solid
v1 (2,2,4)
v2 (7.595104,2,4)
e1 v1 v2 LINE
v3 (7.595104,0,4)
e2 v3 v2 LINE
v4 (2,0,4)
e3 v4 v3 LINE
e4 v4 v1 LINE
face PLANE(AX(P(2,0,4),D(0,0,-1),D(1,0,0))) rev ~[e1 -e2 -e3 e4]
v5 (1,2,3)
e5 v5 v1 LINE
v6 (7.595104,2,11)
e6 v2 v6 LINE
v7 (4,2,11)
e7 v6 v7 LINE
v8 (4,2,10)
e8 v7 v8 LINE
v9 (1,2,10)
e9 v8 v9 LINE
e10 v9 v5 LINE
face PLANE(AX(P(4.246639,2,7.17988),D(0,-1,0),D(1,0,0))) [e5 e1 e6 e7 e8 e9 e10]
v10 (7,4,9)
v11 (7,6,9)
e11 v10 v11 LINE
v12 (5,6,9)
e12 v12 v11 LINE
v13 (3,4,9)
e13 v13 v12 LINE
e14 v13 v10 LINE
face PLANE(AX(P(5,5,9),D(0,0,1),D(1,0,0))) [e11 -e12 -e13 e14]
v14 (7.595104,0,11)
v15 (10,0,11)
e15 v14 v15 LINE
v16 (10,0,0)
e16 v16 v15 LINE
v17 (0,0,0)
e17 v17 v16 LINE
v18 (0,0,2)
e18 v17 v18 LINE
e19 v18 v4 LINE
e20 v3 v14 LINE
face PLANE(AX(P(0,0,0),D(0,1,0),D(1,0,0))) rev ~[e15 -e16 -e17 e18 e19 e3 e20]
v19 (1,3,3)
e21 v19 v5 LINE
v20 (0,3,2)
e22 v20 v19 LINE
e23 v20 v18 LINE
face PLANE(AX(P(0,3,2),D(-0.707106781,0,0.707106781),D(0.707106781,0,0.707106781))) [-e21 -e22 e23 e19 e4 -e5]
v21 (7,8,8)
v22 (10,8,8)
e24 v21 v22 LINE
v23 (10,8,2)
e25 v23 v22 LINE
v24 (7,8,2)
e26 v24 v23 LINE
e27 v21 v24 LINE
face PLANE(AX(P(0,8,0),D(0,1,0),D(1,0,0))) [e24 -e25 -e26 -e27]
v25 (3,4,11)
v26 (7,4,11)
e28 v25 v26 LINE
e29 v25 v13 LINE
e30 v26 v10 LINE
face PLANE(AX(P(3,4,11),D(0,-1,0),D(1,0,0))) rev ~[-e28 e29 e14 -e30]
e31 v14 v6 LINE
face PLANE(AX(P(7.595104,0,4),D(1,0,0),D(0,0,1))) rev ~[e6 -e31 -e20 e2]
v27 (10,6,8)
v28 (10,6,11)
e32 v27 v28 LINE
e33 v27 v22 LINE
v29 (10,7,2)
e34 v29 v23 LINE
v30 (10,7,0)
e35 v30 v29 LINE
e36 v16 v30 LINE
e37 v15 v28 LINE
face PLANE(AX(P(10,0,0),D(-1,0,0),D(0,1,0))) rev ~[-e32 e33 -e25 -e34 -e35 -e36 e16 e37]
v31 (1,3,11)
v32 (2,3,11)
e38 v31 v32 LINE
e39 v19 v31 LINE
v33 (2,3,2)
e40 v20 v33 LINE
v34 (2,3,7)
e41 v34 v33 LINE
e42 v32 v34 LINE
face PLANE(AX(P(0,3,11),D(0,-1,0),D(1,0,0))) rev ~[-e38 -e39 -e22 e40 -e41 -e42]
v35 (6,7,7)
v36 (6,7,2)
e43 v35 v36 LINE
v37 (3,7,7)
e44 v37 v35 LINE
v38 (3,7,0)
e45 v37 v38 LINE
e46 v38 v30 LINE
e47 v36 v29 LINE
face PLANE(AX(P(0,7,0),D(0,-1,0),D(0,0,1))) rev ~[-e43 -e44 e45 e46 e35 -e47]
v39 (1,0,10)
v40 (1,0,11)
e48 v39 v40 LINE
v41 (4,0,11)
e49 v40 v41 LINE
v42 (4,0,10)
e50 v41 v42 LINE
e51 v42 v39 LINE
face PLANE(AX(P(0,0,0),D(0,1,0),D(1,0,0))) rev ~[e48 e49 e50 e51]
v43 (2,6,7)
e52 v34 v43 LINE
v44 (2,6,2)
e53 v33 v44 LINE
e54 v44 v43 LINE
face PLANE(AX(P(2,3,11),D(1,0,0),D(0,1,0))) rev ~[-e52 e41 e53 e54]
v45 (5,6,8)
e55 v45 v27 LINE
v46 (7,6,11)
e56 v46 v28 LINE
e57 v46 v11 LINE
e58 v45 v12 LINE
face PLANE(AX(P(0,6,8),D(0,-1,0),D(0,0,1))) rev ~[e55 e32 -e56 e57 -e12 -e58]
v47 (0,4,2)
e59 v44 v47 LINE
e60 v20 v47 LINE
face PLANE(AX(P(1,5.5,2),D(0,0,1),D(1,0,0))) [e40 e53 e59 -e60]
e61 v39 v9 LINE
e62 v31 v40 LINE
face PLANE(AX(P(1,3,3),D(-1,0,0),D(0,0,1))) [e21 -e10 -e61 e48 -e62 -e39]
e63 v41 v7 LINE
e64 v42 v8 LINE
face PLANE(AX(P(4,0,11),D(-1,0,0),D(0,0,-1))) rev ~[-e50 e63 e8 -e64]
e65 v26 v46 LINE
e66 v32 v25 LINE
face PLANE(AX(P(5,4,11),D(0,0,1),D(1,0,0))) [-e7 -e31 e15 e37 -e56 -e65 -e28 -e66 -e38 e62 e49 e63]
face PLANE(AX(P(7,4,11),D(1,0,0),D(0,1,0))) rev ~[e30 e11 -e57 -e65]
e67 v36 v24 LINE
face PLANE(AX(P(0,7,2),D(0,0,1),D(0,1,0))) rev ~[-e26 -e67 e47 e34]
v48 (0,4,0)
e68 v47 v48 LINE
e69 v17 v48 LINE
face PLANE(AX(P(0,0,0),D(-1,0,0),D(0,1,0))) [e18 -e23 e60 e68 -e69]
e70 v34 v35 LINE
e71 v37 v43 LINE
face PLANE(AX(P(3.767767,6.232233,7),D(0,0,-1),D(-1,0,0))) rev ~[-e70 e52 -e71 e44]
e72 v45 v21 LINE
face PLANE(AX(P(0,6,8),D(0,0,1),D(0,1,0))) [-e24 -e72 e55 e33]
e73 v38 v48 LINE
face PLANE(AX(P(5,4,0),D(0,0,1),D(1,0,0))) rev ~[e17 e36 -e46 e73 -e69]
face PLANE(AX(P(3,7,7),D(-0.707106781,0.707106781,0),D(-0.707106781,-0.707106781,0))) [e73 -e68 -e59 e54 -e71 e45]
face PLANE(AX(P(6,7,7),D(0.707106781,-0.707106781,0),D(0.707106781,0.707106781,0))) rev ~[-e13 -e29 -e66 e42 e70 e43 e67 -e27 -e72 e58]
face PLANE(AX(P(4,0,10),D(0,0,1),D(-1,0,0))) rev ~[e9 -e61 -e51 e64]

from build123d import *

# Parameters (mm, degrees)
SKETCH1_W           = 10
SKETCH1_H           = 8
BOSS_EXTRUDE1_DEPTH = 11
SKETCH2_W           = 2
SKETCH2_H           = 1
SKETCH2_W_2         = 3
SKETCH2_H_2         = 2
CUT_EXTRUDE1_DEPTH  = 11
SKETCH3_W           = 4
SKETCH3_H           = 2
CUT_EXTRUDE2_DEPTH  = 2
CUT_EXTRUDE3_DEPTH  = 4
SKETCH5_W           = 2
SKETCH5_H           = 1
CUT_EXTRUDE4_DEPTH  = 5
SKETCH6_W           = 2
SKETCH6_H           = 5
CUT_EXTRUDE5_DEPTH  = 9
CUT_EXTRUDE6_DEPTH  = 7
CUT_EXTRUDE7_DEPTH  = 7
CUT_EXTRUDE8_DEPTH  = 2


with BuildPart() as part:
    # Sketch1 → Boss-Extrude1 (new body)
    with BuildSketch(Plane.XY):
        with Locations((5, 4)):
            Rectangle(SKETCH1_W, SKETCH1_H)
    extrude(amount=BOSS_EXTRUDE1_DEPTH)

    # Sketch2 → Cut-Extrude1 (cut)
    with BuildSketch(Plane.ZY):
        with Locations((1, 7.5)):
            Rectangle(SKETCH2_W, SKETCH2_H)
        with Locations((9.5, 7)):
            Rectangle(SKETCH2_W_2, SKETCH2_H_2)
    extrude(amount=-CUT_EXTRUDE1_DEPTH, mode=Mode.SUBTRACT)

    # Sketch3 → Cut-Extrude2 (cut)
    with BuildSketch(Plane.XY.offset(11)):
        with Locations((5, 5)):
            Rectangle(SKETCH3_W, SKETCH3_H)
    extrude(amount=-CUT_EXTRUDE2_DEPTH, mode=Mode.SUBTRACT)

    # Sketch4 → Cut-Extrude3 (cut)
    with BuildSketch(Plane.XY.offset(11)):
        Polygon((3, 4), (2, 3), (2, 8), (7, 8), align=None)
    extrude(amount=-CUT_EXTRUDE3_DEPTH, mode=Mode.SUBTRACT)

    # Sketch5 → Cut-Extrude4 (cut)
    with BuildSketch(Plane.XY.offset(7)):
        Polygon((6, 7), (7, 8), (2, 8), (2, 7), align=None)
        with Locations((1, 7.5)):
            Rectangle(SKETCH5_W, SKETCH5_H)
    extrude(amount=-CUT_EXTRUDE4_DEPTH, mode=Mode.SUBTRACT)

    # Sketch6 → Cut-Extrude5 (cut)
    with BuildSketch(Plane.XY.offset(11)):
        with Locations((1, 5.5)):
            Rectangle(SKETCH6_W, SKETCH6_H)
    extrude(amount=-CUT_EXTRUDE5_DEPTH, mode=Mode.SUBTRACT)

    # Sketch7 → Cut-Extrude6 (cut)
    with BuildSketch(Plane.XY.offset(7)):
        Polygon((3, 7), (0, 4), (0, 7), align=None)
    extrude(amount=-CUT_EXTRUDE6_DEPTH, mode=Mode.SUBTRACT)

    # Sketch9 → Cut-Extrude7 (cut)
    with BuildSketch(Plane(origin=(0, 3, 0), x_dir=(1, 0, 0), z_dir=(0, 1, 0))):
        Polygon((0, -2), (1, -3), (1, -11), (0, -11), align=None)
    extrude(amount=-CUT_EXTRUDE7_DEPTH, mode=Mode.SUBTRACT)

    # Sketch10 → Cut-Extrude8 (cut)
    with BuildSketch(Plane.XZ):
        Polygon((1, 3), (2, 4), (7.595103791, 4), (7.595103791, 9.328283849), (7.595103791, 11), (4, 11), (4, 10), (1, 10), (1, 4.286480229), align=None)
    extrude(amount=-CUT_EXTRUDE8_DEPTH, mode=Mode.SUBTRACT)


solid = part.part
